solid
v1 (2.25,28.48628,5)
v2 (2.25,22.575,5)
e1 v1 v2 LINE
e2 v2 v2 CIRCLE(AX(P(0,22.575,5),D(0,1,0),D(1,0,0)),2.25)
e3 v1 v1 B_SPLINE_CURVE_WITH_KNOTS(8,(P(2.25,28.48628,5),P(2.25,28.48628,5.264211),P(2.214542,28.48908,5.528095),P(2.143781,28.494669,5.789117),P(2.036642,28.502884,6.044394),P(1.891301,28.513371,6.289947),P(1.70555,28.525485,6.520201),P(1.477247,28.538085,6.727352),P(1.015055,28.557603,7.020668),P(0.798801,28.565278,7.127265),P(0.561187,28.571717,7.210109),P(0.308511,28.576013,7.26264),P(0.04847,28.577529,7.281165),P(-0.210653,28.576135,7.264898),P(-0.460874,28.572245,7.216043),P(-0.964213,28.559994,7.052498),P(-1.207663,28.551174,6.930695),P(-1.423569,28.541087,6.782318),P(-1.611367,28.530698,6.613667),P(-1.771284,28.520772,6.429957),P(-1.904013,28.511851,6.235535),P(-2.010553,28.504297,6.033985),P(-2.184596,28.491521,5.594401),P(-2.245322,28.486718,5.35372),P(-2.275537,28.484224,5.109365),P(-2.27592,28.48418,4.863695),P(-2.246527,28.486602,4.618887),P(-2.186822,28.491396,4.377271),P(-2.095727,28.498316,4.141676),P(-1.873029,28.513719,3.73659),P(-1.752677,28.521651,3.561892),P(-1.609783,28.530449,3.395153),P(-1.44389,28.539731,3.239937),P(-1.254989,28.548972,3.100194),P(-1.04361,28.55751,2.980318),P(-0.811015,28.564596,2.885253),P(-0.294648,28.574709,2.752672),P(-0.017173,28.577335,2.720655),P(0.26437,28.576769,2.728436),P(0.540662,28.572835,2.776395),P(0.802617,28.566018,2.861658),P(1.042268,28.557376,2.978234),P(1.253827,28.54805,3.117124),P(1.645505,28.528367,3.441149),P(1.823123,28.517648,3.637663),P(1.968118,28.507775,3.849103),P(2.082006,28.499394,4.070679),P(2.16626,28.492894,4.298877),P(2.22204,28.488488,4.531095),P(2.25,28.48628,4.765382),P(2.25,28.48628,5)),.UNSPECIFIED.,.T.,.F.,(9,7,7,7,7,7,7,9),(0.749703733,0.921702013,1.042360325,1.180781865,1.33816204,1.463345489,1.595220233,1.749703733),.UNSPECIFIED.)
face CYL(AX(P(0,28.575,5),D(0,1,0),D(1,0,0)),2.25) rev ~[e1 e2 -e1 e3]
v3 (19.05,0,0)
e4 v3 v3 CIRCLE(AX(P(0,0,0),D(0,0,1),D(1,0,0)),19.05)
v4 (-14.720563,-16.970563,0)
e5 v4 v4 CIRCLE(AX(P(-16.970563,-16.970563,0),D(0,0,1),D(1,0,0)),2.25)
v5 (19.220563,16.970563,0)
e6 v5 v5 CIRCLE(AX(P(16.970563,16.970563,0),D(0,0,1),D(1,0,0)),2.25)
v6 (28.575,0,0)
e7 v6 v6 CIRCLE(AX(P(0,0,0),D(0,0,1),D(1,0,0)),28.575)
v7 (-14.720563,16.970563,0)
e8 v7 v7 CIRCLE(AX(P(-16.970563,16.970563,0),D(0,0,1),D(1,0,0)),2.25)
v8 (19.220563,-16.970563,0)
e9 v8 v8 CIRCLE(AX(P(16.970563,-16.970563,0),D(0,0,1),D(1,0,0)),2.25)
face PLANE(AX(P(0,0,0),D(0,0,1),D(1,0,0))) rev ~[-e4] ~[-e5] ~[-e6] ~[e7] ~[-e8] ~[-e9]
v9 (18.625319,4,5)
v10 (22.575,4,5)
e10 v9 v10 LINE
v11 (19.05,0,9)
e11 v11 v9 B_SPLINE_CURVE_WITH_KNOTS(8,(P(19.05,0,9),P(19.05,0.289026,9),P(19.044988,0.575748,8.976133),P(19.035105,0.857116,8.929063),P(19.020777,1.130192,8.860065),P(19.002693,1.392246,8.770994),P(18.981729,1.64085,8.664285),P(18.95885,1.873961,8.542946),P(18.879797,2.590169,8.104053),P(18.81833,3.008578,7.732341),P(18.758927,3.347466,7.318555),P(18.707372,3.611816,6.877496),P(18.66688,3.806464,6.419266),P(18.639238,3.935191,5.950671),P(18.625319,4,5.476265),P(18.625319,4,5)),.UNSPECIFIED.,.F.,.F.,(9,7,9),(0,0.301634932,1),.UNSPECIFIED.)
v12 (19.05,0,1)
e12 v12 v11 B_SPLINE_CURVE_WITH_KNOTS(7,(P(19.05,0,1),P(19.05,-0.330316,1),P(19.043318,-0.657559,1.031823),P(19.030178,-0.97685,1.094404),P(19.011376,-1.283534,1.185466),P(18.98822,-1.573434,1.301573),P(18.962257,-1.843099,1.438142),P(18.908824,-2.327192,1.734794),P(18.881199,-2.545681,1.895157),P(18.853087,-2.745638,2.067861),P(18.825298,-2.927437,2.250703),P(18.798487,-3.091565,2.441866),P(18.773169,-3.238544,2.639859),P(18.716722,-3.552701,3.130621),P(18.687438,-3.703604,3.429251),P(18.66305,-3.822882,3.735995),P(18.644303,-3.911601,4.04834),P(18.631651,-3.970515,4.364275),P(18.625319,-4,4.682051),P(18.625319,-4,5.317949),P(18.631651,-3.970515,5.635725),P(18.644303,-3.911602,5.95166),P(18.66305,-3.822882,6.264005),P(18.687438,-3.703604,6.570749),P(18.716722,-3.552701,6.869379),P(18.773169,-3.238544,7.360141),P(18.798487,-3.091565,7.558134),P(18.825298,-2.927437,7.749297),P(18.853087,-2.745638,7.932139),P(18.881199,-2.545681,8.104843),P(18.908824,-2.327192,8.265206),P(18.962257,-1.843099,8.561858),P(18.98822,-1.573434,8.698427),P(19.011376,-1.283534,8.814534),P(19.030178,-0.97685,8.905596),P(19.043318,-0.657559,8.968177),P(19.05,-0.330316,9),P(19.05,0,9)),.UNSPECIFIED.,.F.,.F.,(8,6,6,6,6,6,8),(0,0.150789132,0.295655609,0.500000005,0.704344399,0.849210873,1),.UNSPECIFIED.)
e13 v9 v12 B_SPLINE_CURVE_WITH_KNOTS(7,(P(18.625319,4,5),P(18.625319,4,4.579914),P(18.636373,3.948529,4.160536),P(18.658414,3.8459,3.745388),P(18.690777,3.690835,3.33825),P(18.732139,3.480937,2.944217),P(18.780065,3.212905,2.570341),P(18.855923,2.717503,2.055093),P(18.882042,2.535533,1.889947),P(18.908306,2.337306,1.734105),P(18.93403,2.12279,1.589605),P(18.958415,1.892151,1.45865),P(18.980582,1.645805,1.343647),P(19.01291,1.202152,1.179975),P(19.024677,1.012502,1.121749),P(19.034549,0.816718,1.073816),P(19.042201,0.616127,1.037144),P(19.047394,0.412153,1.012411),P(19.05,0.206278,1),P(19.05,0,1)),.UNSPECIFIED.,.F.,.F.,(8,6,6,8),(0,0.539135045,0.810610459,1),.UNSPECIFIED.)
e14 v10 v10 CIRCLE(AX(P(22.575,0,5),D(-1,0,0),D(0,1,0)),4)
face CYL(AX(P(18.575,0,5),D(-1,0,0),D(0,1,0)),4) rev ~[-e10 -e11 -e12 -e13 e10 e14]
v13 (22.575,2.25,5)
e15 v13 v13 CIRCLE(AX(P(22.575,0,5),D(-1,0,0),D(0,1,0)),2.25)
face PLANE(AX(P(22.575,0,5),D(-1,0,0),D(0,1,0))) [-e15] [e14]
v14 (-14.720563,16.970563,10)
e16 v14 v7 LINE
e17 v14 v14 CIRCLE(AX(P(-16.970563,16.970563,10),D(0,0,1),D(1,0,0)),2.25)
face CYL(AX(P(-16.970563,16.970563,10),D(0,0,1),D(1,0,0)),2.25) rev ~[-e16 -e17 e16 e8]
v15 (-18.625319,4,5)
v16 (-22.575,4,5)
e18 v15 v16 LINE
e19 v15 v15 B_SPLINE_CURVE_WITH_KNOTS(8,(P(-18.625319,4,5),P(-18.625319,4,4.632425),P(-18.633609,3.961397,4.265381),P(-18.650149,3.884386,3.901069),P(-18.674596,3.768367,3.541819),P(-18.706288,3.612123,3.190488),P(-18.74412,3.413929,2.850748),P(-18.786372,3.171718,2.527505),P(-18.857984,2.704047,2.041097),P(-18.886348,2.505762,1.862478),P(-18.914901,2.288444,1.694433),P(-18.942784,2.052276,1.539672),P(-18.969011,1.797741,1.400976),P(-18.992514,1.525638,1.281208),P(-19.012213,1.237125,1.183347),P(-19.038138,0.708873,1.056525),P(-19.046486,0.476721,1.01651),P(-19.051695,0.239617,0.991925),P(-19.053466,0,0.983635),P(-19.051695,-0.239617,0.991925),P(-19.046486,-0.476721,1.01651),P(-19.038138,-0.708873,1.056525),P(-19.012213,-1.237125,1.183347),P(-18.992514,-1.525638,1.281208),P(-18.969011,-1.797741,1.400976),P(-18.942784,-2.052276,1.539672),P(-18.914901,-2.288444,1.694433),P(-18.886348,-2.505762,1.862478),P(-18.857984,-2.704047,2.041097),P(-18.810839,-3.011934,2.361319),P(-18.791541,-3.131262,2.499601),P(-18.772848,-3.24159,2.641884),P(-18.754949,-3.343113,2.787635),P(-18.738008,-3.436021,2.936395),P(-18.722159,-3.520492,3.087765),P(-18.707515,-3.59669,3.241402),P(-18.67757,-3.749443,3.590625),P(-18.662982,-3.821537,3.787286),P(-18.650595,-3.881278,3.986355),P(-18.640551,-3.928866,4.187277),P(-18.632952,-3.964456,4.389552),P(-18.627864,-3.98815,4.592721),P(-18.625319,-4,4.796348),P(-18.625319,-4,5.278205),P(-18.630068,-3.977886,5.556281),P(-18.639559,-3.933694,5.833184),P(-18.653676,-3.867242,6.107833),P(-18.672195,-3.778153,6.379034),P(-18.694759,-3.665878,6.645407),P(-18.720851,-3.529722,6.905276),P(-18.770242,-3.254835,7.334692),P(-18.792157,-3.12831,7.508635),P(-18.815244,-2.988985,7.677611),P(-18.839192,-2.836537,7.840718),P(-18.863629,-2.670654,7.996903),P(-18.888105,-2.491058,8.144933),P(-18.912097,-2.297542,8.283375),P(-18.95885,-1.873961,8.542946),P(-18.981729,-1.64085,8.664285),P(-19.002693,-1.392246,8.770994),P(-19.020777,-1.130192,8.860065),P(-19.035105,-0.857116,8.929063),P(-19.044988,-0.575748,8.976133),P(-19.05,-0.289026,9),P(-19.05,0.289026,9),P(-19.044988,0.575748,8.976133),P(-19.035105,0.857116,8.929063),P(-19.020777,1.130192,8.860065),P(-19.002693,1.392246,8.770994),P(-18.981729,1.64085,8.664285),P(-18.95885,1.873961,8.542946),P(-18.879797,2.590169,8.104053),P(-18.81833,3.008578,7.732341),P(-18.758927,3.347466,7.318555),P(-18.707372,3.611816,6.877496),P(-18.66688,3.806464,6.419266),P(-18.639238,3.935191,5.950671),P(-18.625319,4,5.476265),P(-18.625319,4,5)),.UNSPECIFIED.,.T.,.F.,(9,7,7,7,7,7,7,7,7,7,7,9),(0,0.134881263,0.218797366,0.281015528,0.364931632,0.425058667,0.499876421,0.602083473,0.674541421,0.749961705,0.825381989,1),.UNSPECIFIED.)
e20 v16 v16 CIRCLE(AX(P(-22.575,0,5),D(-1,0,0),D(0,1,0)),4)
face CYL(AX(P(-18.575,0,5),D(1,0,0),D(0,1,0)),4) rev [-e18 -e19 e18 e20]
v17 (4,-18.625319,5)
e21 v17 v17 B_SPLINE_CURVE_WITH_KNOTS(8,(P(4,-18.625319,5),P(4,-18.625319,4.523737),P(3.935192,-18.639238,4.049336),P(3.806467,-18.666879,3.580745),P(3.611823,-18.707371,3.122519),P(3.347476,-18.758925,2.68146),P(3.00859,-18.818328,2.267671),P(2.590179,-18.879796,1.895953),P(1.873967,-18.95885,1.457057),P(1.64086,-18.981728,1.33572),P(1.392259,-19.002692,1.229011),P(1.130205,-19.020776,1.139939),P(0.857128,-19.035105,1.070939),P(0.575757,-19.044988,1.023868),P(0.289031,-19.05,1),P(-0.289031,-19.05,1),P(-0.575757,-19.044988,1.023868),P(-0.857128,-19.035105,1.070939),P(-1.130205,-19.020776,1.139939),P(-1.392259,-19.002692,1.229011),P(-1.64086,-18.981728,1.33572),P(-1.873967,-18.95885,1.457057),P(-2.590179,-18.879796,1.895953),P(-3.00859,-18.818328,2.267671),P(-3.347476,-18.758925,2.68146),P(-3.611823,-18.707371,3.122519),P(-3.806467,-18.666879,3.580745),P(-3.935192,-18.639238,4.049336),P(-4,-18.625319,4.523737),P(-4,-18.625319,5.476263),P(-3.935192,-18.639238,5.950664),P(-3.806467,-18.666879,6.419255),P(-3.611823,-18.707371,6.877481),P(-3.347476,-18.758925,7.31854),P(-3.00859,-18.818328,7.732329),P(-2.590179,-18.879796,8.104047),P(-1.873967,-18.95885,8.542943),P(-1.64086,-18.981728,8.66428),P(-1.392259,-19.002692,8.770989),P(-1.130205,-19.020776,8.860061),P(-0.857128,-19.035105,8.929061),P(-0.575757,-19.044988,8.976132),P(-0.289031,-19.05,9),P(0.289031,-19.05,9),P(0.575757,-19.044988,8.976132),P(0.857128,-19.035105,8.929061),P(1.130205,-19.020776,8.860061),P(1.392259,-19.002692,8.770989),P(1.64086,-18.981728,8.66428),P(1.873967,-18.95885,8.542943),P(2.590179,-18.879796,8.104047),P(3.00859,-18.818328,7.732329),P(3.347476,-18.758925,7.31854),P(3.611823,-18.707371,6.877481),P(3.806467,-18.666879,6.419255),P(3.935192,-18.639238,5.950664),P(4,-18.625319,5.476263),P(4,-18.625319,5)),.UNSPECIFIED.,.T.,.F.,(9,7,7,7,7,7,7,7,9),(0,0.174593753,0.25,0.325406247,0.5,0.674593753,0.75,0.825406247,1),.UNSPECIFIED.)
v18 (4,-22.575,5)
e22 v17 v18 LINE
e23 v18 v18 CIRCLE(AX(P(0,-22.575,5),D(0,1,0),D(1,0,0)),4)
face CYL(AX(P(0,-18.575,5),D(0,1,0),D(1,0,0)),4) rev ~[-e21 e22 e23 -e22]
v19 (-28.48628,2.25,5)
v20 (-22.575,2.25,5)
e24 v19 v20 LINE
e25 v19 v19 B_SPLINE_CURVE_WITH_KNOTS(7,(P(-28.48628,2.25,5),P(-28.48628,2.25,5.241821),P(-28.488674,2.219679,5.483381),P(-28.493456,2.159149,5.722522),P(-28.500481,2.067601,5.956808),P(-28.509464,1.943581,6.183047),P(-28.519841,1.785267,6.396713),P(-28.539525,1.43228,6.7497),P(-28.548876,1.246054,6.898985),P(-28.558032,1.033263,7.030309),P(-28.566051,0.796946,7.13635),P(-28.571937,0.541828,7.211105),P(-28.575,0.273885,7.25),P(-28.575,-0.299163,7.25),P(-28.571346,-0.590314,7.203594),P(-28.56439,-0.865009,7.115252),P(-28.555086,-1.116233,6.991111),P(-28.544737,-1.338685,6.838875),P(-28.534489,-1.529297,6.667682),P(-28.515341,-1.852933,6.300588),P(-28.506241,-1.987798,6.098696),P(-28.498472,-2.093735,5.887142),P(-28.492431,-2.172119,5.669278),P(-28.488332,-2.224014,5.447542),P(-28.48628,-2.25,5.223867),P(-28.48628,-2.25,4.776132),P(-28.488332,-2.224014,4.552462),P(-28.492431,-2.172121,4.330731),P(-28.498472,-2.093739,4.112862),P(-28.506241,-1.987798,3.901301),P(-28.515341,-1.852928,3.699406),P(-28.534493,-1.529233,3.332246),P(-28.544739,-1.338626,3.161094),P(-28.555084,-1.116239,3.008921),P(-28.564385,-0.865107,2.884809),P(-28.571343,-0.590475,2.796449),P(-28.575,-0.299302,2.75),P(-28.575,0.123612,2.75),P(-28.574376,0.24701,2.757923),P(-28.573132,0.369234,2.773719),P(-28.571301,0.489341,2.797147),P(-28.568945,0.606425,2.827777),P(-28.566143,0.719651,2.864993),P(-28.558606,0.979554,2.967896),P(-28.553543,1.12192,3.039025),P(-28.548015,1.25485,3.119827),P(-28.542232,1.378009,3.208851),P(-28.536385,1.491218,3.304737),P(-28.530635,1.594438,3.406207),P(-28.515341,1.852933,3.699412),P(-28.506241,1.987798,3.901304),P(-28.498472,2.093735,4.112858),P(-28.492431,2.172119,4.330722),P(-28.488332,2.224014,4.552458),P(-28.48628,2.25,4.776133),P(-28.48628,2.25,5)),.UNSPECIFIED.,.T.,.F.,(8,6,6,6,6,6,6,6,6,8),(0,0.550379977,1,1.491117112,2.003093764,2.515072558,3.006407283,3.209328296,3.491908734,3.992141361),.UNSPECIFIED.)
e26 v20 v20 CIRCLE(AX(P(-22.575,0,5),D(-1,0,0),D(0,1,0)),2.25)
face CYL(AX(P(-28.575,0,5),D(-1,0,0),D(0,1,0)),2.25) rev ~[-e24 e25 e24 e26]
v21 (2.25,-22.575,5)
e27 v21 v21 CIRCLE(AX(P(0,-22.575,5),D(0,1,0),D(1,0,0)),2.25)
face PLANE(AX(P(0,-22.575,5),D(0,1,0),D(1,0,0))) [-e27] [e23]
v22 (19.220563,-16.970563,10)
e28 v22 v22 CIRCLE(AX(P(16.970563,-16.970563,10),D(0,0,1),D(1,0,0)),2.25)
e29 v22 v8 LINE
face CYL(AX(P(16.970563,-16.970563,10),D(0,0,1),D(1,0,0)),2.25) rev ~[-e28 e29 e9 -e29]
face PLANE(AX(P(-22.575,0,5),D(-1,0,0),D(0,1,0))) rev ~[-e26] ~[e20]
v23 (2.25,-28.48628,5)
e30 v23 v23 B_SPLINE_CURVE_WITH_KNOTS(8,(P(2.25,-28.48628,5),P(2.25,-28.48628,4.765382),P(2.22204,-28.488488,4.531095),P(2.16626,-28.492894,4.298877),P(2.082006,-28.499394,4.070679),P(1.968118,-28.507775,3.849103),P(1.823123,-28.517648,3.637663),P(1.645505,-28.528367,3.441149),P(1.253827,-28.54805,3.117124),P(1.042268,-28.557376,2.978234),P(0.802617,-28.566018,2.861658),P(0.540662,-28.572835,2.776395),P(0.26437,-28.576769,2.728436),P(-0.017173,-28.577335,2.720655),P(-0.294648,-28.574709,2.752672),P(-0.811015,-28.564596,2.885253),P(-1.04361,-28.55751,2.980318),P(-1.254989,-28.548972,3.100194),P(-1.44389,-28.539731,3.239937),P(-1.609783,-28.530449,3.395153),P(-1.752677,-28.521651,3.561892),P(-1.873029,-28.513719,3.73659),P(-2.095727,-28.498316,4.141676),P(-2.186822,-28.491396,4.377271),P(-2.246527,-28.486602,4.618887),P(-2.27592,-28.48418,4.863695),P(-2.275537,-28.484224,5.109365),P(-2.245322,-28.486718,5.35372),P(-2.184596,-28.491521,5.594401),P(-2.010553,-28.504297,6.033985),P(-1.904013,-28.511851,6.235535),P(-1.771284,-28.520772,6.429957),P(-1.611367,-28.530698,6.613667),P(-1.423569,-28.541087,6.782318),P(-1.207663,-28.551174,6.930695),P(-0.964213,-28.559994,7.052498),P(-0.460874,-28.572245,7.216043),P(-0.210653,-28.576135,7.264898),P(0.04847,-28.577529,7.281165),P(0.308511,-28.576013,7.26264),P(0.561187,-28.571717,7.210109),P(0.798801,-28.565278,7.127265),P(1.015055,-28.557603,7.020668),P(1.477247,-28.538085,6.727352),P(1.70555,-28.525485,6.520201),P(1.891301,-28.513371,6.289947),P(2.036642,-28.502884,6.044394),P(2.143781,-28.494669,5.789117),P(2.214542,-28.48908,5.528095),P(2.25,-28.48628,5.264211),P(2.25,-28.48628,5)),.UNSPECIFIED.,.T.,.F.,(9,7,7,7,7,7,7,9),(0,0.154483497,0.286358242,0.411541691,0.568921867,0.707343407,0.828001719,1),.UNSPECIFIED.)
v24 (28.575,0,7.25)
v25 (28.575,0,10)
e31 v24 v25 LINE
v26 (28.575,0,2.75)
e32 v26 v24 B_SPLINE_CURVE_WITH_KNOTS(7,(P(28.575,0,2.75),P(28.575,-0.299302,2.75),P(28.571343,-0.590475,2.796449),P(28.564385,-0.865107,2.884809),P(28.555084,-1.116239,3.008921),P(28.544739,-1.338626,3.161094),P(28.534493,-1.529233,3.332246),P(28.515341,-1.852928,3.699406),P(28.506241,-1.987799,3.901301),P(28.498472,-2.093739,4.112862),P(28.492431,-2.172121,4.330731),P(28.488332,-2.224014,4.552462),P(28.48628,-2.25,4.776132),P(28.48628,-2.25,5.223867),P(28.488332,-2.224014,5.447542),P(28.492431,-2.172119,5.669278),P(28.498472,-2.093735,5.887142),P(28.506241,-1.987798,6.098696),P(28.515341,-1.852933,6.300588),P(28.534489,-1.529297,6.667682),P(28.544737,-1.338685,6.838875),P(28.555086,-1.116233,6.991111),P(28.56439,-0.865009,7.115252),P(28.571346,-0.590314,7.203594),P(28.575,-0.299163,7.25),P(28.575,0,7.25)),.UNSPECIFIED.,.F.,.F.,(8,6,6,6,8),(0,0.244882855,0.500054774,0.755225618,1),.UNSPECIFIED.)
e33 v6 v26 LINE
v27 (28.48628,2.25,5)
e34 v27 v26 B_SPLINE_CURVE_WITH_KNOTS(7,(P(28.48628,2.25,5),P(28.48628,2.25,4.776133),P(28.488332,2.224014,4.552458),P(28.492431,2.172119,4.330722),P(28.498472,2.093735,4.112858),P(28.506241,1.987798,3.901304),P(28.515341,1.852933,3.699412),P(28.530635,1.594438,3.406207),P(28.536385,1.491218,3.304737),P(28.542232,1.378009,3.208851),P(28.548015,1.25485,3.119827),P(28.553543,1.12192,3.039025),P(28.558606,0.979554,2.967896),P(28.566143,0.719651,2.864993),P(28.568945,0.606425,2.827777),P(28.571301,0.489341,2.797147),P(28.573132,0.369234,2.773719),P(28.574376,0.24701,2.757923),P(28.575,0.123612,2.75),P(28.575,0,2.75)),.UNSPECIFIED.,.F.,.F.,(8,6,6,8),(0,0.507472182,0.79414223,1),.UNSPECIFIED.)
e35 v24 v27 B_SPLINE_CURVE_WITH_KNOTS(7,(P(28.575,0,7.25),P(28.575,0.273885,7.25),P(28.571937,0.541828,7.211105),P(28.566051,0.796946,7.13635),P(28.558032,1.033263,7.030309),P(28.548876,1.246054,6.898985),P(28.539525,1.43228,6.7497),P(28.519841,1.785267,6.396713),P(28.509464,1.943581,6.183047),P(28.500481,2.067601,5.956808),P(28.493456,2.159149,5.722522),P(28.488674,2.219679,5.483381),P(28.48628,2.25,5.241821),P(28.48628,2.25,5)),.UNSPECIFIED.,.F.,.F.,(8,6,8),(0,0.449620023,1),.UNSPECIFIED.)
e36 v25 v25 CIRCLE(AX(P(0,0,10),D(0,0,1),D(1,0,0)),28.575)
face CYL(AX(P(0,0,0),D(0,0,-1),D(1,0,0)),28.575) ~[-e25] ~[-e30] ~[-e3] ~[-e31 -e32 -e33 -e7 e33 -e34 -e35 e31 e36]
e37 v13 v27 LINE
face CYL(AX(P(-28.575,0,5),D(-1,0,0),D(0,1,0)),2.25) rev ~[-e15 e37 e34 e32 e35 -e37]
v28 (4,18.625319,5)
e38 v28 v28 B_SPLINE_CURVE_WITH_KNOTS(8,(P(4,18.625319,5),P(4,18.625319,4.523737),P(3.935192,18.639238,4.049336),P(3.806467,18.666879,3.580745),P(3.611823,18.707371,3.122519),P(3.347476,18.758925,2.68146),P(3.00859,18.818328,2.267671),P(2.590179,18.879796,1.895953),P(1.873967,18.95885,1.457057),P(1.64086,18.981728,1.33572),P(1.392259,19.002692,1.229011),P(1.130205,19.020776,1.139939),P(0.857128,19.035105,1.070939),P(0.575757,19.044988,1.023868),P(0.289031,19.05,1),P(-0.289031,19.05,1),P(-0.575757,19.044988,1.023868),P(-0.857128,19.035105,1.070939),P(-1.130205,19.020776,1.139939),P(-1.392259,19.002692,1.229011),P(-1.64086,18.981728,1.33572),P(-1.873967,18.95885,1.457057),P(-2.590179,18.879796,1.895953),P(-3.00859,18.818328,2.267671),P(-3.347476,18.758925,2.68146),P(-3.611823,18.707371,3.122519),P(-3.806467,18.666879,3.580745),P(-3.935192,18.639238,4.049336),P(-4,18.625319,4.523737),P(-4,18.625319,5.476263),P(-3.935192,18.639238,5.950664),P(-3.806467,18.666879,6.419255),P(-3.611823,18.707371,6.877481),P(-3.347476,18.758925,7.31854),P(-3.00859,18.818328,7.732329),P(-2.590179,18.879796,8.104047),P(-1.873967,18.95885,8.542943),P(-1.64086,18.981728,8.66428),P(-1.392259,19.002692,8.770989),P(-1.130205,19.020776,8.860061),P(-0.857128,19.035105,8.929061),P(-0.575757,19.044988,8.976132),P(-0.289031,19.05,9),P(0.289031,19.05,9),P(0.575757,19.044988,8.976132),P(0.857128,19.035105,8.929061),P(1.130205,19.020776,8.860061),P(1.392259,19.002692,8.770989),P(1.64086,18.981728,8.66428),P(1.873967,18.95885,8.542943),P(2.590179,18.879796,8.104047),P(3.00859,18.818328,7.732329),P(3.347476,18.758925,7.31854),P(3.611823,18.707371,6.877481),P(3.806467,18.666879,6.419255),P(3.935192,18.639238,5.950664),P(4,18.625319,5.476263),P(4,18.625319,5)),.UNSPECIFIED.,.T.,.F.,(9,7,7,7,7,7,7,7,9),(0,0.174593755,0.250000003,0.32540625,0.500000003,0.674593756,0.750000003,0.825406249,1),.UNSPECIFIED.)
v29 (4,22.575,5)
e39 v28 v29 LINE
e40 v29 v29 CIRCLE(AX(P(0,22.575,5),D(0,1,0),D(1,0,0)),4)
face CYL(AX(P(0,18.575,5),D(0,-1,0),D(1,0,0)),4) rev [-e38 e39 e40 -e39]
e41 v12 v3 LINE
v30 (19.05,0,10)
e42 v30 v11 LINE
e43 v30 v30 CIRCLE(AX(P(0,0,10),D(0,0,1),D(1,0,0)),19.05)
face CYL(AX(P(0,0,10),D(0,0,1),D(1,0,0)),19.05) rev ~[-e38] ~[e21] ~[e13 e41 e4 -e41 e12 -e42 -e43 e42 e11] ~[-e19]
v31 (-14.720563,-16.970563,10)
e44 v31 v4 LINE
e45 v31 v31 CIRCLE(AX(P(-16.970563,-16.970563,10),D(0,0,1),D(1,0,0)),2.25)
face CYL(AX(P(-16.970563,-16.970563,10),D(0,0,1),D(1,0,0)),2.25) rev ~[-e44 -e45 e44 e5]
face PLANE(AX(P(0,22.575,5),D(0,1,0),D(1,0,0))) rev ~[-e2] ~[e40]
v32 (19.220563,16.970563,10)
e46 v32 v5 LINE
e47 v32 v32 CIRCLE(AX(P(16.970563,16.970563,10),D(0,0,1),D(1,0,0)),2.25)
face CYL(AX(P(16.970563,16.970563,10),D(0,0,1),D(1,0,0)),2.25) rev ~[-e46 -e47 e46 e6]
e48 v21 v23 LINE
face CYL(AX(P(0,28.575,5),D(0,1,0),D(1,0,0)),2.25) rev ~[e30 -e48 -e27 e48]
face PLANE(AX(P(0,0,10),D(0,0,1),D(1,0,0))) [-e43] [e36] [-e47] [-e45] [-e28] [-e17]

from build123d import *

# Parameters (mm, degrees)
SKETCH1_R           = 28.575
BOSS_EXTRUDE1_DEPTH = 10
SKETCH2_R           = 19.05
CUT_EXTRUDE1_DEPTH  = 11
SKETCH5_R           = 2.25
CUT_EXTRUDE2_DEPTH  = 58.15
SKETCH6_R           = 2.25
CUT_EXTRUDE3_DEPTH  = 11.0000001
CUT_EXTRUDE5_START  = -10
SKETCH7_R           = 4
SKETCH7_R_2         = 2.25
CUT_EXTRUDE5_DEPTH  = 4
CUT_EXTRUDE6_START  = -47.15
SKETCH7_4_R         = 4
SKETCH7_4_R_2       = 2.25
CUT_EXTRUDE6_DEPTH  = 4
CIRPATTERN6_COUNT   = 2
CIRPATTERN6_ANGLE   = 90


with BuildPart() as part:
    # Sketch1 → Boss-Extrude1 (new body)
    with BuildSketch(Plane.XY):
        Circle(SKETCH1_R)
    extrude(amount=BOSS_EXTRUDE1_DEPTH)

    # Sketch2 → Cut-Extrude1 (cut, through all)
    with BuildSketch(Plane.XY.offset(10)):
        Circle(SKETCH2_R)
    extrude(amount=-CUT_EXTRUDE1_DEPTH, mode=Mode.SUBTRACT)

    # Sketch5 → Cut-Extrude2 (cut, through all)
    with BuildSketch(Plane(origin=(0, 28.575, 0), x_dir=(1, 0, 0), z_dir=(0, 1, 0))):
        with Locations((0, -5)):
            Circle(SKETCH5_R)
    cut_extrude2 = extrude(amount=-CUT_EXTRUDE2_DEPTH, mode=Mode.SUBTRACT)

    # Sketch6 → Cut-Extrude3 (cut, through all)
    with BuildSketch(Plane.XY.offset(10)):
        with Locations((-16.970562748, 16.970562748)):
            Circle(SKETCH6_R)
        with Locations((16.970562748, 16.970562748)):
            Circle(SKETCH6_R)
        with Locations((16.970562748, -16.970562748)):
            Circle(SKETCH6_R)
        with Locations((-16.970562748, -16.970562748)):
            Circle(SKETCH6_R)
    extrude(amount=-CUT_EXTRUDE3_DEPTH, mode=Mode.SUBTRACT)

    # Sketch7 → Cut-Extrude5 (cut)
    with BuildSketch(Plane(origin=(0, 28.575, 0), x_dir=(1, 0, 0), z_dir=(0, 1, 0)).offset(CUT_EXTRUDE5_START)):
        with Locations((0, -5)):
            Circle(SKETCH7_R)
        with Locations((0, -5)):
            Circle(SKETCH7_R_2, mode=Mode.SUBTRACT)
    cut_extrude5 = extrude(amount=CUT_EXTRUDE5_DEPTH, mode=Mode.SUBTRACT)

    # Sketch7<4> → Cut-Extrude6 (cut)
    with BuildSketch(Plane(origin=(0, 28.575, 0), x_dir=(1, 0, 0), z_dir=(0, 1, 0)).offset(CUT_EXTRUDE6_START)):
        with Locations((0, -5)):
            Circle(SKETCH7_4_R)
        with Locations((0, -5)):
            Circle(SKETCH7_4_R_2, mode=Mode.SUBTRACT)
    cut_extrude6 = extrude(amount=-CUT_EXTRUDE6_DEPTH, mode=Mode.SUBTRACT)

    # CirPattern6: Cut-Extrude2, Cut-Extrude5, Cut-Extrude6 ×2 about axis
    cirpattern6_axis = Axis((0, 0, 10), (0, 0, 1))
    for i in range(1, CIRPATTERN6_COUNT):
        add(cut_extrude2.rotate(cirpattern6_axis, i * CIRPATTERN6_ANGLE / (CIRPATTERN6_COUNT - 1)), mode=Mode.SUBTRACT)
        add(cut_extrude5.rotate(cirpattern6_axis, i * CIRPATTERN6_ANGLE / (CIRPATTERN6_COUNT - 1)), mode=Mode.SUBTRACT)
        add(cut_extrude6.rotate(cirpattern6_axis, i * CIRPATTERN6_ANGLE / (CIRPATTERN6_COUNT - 1)), mode=Mode.SUBTRACT)


solid = part.part
